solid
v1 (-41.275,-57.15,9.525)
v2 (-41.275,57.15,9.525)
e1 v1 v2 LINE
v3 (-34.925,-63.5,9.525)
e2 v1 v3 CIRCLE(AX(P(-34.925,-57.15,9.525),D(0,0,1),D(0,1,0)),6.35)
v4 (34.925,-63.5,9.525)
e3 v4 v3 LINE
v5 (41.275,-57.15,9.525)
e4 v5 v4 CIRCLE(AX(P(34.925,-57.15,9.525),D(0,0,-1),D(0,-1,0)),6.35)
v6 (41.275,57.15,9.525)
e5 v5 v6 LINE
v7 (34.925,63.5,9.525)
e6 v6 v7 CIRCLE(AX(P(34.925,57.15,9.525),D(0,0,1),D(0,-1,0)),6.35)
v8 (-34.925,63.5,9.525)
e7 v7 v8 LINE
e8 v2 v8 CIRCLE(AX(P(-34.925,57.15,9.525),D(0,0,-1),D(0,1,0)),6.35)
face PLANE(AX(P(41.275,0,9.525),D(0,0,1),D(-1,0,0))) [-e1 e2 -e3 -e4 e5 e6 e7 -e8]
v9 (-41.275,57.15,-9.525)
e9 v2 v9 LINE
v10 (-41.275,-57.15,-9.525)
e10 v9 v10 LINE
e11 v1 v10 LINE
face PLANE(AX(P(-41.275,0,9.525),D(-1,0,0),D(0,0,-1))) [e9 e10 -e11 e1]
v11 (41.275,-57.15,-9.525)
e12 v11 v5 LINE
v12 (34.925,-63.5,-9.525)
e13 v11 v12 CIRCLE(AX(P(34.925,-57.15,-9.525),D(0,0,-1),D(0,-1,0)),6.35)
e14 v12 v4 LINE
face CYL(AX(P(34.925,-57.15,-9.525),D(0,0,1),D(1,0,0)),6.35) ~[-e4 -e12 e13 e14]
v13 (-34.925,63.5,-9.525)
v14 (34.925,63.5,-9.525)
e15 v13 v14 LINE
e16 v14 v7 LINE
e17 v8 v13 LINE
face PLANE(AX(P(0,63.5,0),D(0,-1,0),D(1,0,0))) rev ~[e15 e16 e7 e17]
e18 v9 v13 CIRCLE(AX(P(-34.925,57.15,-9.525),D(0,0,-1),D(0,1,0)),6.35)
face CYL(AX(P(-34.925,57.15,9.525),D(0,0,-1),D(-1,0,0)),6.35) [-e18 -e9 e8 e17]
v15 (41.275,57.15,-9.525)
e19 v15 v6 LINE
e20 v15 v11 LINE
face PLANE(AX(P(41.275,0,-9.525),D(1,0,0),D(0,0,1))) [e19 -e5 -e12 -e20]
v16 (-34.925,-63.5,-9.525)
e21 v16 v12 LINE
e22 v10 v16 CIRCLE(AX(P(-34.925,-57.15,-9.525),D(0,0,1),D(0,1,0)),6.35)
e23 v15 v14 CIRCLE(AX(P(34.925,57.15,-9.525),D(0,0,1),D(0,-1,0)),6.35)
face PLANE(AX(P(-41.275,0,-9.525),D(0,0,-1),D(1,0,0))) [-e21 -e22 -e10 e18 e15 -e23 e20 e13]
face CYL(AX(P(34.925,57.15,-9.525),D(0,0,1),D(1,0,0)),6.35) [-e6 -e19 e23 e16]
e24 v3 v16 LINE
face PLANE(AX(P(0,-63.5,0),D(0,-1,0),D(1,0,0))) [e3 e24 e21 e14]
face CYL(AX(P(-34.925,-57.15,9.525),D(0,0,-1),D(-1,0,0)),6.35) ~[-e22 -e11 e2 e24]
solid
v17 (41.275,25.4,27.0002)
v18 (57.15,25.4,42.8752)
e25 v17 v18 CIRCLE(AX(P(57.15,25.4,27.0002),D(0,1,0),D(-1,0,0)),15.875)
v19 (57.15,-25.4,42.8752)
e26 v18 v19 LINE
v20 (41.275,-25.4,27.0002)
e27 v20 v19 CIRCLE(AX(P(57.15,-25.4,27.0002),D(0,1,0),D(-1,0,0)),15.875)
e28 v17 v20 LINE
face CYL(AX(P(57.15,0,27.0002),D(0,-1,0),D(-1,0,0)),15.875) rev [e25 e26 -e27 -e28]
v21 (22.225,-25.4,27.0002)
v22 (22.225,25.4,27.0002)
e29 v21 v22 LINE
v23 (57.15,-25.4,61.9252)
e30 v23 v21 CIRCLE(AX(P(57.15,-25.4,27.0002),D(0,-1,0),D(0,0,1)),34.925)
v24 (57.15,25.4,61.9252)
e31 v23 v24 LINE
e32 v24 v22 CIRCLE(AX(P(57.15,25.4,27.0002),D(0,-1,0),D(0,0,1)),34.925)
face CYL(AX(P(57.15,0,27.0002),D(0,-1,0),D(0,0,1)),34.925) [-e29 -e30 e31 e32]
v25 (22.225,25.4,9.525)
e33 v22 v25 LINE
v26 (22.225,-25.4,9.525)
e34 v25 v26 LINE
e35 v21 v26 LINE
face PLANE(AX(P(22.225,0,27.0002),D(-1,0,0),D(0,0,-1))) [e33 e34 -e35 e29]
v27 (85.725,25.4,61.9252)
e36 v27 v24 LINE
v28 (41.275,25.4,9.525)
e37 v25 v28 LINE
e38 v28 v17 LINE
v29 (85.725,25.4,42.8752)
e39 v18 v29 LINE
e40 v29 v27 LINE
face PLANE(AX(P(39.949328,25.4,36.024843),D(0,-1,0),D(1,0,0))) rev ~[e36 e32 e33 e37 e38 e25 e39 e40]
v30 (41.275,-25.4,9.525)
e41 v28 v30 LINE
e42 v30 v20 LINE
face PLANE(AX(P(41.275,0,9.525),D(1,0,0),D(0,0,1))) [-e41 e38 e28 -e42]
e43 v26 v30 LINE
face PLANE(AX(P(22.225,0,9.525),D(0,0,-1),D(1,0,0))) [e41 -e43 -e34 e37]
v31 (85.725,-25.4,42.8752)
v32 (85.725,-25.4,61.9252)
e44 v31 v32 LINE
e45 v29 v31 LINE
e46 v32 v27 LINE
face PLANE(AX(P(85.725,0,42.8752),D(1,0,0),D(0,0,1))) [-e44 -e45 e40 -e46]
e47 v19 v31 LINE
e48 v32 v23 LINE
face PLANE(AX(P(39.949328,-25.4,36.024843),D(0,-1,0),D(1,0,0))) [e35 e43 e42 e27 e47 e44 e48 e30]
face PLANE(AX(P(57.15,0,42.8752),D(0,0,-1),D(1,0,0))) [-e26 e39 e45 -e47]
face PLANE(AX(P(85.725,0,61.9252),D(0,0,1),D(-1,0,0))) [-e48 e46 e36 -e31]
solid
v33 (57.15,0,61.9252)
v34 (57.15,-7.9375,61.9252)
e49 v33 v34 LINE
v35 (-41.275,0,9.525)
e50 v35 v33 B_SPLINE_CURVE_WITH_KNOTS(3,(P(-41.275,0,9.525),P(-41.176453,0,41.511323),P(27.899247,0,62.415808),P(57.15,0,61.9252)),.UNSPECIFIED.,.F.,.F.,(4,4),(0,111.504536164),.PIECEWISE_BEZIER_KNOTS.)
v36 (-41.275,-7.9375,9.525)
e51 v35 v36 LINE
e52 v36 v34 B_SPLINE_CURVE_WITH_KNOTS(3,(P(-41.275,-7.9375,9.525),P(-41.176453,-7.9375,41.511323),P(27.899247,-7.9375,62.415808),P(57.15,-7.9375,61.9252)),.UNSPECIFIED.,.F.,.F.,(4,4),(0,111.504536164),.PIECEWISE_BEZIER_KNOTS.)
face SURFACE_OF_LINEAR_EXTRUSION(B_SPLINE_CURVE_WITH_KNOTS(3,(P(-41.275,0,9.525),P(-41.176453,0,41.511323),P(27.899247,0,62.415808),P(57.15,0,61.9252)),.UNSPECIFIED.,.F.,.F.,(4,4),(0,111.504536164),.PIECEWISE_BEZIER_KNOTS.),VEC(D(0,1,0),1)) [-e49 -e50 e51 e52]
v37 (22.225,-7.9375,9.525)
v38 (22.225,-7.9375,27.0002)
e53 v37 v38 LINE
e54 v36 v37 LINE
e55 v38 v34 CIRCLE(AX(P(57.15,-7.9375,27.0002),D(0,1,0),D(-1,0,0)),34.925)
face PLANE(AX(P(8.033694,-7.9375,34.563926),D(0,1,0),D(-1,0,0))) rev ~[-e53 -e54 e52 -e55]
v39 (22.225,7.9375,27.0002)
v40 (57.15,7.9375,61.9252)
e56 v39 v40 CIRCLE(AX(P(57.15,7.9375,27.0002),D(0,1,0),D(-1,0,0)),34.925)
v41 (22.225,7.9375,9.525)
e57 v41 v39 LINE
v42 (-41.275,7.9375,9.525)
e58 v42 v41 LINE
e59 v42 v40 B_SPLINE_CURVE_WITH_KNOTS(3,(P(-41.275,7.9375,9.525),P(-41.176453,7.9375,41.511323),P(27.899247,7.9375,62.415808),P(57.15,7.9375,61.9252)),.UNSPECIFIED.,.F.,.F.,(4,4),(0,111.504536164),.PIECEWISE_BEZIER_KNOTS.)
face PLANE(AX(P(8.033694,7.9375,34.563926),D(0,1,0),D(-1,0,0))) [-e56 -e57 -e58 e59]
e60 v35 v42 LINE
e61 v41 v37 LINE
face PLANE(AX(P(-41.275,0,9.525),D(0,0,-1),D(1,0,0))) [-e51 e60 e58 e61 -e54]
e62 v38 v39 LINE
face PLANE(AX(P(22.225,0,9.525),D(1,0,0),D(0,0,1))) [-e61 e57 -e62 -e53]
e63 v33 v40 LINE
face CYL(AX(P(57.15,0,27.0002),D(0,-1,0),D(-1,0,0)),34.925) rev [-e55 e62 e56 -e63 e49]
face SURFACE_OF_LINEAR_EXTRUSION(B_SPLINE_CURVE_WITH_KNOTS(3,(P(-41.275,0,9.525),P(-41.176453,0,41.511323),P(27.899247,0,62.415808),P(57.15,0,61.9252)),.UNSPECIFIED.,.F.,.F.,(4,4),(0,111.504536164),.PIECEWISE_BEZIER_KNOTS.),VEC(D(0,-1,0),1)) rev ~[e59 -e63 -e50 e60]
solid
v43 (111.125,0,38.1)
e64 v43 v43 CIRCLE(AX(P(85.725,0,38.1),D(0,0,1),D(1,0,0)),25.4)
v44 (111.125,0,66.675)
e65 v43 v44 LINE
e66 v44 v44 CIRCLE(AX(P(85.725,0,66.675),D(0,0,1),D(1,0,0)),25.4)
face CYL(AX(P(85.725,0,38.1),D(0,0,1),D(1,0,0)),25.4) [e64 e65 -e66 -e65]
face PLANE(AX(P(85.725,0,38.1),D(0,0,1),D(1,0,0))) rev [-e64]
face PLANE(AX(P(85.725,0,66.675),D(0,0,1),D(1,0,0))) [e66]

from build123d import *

# Parameters (mm, degrees)
F1_DEPTH = 63.5
F0_W     = 25.4
F0_H     = 19.05
F2_DEPTH = 25.4
F3_DEPTH = 7.9375
F5_R     = 6.35


with BuildPart() as f1:
    # F0 (on Front) → F1 (new body, symmetric)
    with BuildSketch(Plane.XZ):
        Polygon((22.225, 9.525), (-41.275, 9.525), (-41.275, -9.525), (41.275, -9.525), (41.275, 9.525), align=None)
    extrude(amount=F1_DEPTH, both=True)

    # F5
    f5_edges = [f1.edges().sort_by_distance(p)[0] for p in [
        (41.275, -63.5, 0),
        (-41.275, -63.5, 0),
        (-41.275, 63.5, 0),
        (41.275, 63.5, 0),
    ]]
    fillet(f5_edges, radius=F5_R)


with BuildPart() as f2:
    # F0 (on Front) → F2 (new body, symmetric)
    with BuildSketch(Plane.XZ):
        with BuildLine():
            Line((22.225, 27.0002), (22.225, 9.525))
            Line((22.225, 9.525), (41.275, 9.525))
            Line((41.275, 9.525), (41.275, 27.0002))
            ThreePointArc((41.275, 27.0002), (45.9246798487, 38.2255201513), (57.15, 42.8752))
            Line((57.15, 42.8752), (60.325, 42.8752))
            Line((60.325, 42.8752), (60.325, 61.9252))
            Line((60.325, 61.9252), (57.15, 61.9252))
            ThreePointArc((57.15, 61.9252), (32.4542956671, 51.6959043329), (22.225, 27.0002))
        make_face()
        with Locations((73.025, 52.4002)):
            Rectangle(F0_W, F0_H)
    extrude(amount=F2_DEPTH, both=True)


with BuildPart() as f3:
    # F0 (on Front) → F3 (new body, symmetric)
    with BuildSketch(Plane.XZ):
        with BuildLine():
            add(Edge.make_bspline(
                [(-41.275, 9.525), (-41.1764532328, 41.511323303), (27.8992466629, 62.4158084393), (57.15, 61.9252)],
                knots=[0, 0, 0, 0, 111.5045361635, 111.5045361635, 111.5045361635, 111.5045361635], degree=3))
            Line((-41.275, 9.525), (22.225, 9.525))
            Line((22.225, 9.525), (22.225, 27.0002))
            ThreePointArc((22.225, 27.0002), (32.4542956671, 51.6959043329), (57.15, 61.9252))
        make_face()
    extrude(amount=F3_DEPTH, both=True)


with BuildPart() as f4:
    # F0 (on Front) → F4 (revolve)
    with BuildSketch(Plane.XZ):
        Polygon((85.725, 66.675), (85.725, 61.9252), (85.725, 42.8752), (85.725, 38.1), (111.125, 38.1), (111.125, 66.675), align=None)
    revolve(axis=Axis((85.725, 0, 52.3875), (0, 0, 1)))


solid = Compound([f1.part, f2.part, f3.part, f4.part])
